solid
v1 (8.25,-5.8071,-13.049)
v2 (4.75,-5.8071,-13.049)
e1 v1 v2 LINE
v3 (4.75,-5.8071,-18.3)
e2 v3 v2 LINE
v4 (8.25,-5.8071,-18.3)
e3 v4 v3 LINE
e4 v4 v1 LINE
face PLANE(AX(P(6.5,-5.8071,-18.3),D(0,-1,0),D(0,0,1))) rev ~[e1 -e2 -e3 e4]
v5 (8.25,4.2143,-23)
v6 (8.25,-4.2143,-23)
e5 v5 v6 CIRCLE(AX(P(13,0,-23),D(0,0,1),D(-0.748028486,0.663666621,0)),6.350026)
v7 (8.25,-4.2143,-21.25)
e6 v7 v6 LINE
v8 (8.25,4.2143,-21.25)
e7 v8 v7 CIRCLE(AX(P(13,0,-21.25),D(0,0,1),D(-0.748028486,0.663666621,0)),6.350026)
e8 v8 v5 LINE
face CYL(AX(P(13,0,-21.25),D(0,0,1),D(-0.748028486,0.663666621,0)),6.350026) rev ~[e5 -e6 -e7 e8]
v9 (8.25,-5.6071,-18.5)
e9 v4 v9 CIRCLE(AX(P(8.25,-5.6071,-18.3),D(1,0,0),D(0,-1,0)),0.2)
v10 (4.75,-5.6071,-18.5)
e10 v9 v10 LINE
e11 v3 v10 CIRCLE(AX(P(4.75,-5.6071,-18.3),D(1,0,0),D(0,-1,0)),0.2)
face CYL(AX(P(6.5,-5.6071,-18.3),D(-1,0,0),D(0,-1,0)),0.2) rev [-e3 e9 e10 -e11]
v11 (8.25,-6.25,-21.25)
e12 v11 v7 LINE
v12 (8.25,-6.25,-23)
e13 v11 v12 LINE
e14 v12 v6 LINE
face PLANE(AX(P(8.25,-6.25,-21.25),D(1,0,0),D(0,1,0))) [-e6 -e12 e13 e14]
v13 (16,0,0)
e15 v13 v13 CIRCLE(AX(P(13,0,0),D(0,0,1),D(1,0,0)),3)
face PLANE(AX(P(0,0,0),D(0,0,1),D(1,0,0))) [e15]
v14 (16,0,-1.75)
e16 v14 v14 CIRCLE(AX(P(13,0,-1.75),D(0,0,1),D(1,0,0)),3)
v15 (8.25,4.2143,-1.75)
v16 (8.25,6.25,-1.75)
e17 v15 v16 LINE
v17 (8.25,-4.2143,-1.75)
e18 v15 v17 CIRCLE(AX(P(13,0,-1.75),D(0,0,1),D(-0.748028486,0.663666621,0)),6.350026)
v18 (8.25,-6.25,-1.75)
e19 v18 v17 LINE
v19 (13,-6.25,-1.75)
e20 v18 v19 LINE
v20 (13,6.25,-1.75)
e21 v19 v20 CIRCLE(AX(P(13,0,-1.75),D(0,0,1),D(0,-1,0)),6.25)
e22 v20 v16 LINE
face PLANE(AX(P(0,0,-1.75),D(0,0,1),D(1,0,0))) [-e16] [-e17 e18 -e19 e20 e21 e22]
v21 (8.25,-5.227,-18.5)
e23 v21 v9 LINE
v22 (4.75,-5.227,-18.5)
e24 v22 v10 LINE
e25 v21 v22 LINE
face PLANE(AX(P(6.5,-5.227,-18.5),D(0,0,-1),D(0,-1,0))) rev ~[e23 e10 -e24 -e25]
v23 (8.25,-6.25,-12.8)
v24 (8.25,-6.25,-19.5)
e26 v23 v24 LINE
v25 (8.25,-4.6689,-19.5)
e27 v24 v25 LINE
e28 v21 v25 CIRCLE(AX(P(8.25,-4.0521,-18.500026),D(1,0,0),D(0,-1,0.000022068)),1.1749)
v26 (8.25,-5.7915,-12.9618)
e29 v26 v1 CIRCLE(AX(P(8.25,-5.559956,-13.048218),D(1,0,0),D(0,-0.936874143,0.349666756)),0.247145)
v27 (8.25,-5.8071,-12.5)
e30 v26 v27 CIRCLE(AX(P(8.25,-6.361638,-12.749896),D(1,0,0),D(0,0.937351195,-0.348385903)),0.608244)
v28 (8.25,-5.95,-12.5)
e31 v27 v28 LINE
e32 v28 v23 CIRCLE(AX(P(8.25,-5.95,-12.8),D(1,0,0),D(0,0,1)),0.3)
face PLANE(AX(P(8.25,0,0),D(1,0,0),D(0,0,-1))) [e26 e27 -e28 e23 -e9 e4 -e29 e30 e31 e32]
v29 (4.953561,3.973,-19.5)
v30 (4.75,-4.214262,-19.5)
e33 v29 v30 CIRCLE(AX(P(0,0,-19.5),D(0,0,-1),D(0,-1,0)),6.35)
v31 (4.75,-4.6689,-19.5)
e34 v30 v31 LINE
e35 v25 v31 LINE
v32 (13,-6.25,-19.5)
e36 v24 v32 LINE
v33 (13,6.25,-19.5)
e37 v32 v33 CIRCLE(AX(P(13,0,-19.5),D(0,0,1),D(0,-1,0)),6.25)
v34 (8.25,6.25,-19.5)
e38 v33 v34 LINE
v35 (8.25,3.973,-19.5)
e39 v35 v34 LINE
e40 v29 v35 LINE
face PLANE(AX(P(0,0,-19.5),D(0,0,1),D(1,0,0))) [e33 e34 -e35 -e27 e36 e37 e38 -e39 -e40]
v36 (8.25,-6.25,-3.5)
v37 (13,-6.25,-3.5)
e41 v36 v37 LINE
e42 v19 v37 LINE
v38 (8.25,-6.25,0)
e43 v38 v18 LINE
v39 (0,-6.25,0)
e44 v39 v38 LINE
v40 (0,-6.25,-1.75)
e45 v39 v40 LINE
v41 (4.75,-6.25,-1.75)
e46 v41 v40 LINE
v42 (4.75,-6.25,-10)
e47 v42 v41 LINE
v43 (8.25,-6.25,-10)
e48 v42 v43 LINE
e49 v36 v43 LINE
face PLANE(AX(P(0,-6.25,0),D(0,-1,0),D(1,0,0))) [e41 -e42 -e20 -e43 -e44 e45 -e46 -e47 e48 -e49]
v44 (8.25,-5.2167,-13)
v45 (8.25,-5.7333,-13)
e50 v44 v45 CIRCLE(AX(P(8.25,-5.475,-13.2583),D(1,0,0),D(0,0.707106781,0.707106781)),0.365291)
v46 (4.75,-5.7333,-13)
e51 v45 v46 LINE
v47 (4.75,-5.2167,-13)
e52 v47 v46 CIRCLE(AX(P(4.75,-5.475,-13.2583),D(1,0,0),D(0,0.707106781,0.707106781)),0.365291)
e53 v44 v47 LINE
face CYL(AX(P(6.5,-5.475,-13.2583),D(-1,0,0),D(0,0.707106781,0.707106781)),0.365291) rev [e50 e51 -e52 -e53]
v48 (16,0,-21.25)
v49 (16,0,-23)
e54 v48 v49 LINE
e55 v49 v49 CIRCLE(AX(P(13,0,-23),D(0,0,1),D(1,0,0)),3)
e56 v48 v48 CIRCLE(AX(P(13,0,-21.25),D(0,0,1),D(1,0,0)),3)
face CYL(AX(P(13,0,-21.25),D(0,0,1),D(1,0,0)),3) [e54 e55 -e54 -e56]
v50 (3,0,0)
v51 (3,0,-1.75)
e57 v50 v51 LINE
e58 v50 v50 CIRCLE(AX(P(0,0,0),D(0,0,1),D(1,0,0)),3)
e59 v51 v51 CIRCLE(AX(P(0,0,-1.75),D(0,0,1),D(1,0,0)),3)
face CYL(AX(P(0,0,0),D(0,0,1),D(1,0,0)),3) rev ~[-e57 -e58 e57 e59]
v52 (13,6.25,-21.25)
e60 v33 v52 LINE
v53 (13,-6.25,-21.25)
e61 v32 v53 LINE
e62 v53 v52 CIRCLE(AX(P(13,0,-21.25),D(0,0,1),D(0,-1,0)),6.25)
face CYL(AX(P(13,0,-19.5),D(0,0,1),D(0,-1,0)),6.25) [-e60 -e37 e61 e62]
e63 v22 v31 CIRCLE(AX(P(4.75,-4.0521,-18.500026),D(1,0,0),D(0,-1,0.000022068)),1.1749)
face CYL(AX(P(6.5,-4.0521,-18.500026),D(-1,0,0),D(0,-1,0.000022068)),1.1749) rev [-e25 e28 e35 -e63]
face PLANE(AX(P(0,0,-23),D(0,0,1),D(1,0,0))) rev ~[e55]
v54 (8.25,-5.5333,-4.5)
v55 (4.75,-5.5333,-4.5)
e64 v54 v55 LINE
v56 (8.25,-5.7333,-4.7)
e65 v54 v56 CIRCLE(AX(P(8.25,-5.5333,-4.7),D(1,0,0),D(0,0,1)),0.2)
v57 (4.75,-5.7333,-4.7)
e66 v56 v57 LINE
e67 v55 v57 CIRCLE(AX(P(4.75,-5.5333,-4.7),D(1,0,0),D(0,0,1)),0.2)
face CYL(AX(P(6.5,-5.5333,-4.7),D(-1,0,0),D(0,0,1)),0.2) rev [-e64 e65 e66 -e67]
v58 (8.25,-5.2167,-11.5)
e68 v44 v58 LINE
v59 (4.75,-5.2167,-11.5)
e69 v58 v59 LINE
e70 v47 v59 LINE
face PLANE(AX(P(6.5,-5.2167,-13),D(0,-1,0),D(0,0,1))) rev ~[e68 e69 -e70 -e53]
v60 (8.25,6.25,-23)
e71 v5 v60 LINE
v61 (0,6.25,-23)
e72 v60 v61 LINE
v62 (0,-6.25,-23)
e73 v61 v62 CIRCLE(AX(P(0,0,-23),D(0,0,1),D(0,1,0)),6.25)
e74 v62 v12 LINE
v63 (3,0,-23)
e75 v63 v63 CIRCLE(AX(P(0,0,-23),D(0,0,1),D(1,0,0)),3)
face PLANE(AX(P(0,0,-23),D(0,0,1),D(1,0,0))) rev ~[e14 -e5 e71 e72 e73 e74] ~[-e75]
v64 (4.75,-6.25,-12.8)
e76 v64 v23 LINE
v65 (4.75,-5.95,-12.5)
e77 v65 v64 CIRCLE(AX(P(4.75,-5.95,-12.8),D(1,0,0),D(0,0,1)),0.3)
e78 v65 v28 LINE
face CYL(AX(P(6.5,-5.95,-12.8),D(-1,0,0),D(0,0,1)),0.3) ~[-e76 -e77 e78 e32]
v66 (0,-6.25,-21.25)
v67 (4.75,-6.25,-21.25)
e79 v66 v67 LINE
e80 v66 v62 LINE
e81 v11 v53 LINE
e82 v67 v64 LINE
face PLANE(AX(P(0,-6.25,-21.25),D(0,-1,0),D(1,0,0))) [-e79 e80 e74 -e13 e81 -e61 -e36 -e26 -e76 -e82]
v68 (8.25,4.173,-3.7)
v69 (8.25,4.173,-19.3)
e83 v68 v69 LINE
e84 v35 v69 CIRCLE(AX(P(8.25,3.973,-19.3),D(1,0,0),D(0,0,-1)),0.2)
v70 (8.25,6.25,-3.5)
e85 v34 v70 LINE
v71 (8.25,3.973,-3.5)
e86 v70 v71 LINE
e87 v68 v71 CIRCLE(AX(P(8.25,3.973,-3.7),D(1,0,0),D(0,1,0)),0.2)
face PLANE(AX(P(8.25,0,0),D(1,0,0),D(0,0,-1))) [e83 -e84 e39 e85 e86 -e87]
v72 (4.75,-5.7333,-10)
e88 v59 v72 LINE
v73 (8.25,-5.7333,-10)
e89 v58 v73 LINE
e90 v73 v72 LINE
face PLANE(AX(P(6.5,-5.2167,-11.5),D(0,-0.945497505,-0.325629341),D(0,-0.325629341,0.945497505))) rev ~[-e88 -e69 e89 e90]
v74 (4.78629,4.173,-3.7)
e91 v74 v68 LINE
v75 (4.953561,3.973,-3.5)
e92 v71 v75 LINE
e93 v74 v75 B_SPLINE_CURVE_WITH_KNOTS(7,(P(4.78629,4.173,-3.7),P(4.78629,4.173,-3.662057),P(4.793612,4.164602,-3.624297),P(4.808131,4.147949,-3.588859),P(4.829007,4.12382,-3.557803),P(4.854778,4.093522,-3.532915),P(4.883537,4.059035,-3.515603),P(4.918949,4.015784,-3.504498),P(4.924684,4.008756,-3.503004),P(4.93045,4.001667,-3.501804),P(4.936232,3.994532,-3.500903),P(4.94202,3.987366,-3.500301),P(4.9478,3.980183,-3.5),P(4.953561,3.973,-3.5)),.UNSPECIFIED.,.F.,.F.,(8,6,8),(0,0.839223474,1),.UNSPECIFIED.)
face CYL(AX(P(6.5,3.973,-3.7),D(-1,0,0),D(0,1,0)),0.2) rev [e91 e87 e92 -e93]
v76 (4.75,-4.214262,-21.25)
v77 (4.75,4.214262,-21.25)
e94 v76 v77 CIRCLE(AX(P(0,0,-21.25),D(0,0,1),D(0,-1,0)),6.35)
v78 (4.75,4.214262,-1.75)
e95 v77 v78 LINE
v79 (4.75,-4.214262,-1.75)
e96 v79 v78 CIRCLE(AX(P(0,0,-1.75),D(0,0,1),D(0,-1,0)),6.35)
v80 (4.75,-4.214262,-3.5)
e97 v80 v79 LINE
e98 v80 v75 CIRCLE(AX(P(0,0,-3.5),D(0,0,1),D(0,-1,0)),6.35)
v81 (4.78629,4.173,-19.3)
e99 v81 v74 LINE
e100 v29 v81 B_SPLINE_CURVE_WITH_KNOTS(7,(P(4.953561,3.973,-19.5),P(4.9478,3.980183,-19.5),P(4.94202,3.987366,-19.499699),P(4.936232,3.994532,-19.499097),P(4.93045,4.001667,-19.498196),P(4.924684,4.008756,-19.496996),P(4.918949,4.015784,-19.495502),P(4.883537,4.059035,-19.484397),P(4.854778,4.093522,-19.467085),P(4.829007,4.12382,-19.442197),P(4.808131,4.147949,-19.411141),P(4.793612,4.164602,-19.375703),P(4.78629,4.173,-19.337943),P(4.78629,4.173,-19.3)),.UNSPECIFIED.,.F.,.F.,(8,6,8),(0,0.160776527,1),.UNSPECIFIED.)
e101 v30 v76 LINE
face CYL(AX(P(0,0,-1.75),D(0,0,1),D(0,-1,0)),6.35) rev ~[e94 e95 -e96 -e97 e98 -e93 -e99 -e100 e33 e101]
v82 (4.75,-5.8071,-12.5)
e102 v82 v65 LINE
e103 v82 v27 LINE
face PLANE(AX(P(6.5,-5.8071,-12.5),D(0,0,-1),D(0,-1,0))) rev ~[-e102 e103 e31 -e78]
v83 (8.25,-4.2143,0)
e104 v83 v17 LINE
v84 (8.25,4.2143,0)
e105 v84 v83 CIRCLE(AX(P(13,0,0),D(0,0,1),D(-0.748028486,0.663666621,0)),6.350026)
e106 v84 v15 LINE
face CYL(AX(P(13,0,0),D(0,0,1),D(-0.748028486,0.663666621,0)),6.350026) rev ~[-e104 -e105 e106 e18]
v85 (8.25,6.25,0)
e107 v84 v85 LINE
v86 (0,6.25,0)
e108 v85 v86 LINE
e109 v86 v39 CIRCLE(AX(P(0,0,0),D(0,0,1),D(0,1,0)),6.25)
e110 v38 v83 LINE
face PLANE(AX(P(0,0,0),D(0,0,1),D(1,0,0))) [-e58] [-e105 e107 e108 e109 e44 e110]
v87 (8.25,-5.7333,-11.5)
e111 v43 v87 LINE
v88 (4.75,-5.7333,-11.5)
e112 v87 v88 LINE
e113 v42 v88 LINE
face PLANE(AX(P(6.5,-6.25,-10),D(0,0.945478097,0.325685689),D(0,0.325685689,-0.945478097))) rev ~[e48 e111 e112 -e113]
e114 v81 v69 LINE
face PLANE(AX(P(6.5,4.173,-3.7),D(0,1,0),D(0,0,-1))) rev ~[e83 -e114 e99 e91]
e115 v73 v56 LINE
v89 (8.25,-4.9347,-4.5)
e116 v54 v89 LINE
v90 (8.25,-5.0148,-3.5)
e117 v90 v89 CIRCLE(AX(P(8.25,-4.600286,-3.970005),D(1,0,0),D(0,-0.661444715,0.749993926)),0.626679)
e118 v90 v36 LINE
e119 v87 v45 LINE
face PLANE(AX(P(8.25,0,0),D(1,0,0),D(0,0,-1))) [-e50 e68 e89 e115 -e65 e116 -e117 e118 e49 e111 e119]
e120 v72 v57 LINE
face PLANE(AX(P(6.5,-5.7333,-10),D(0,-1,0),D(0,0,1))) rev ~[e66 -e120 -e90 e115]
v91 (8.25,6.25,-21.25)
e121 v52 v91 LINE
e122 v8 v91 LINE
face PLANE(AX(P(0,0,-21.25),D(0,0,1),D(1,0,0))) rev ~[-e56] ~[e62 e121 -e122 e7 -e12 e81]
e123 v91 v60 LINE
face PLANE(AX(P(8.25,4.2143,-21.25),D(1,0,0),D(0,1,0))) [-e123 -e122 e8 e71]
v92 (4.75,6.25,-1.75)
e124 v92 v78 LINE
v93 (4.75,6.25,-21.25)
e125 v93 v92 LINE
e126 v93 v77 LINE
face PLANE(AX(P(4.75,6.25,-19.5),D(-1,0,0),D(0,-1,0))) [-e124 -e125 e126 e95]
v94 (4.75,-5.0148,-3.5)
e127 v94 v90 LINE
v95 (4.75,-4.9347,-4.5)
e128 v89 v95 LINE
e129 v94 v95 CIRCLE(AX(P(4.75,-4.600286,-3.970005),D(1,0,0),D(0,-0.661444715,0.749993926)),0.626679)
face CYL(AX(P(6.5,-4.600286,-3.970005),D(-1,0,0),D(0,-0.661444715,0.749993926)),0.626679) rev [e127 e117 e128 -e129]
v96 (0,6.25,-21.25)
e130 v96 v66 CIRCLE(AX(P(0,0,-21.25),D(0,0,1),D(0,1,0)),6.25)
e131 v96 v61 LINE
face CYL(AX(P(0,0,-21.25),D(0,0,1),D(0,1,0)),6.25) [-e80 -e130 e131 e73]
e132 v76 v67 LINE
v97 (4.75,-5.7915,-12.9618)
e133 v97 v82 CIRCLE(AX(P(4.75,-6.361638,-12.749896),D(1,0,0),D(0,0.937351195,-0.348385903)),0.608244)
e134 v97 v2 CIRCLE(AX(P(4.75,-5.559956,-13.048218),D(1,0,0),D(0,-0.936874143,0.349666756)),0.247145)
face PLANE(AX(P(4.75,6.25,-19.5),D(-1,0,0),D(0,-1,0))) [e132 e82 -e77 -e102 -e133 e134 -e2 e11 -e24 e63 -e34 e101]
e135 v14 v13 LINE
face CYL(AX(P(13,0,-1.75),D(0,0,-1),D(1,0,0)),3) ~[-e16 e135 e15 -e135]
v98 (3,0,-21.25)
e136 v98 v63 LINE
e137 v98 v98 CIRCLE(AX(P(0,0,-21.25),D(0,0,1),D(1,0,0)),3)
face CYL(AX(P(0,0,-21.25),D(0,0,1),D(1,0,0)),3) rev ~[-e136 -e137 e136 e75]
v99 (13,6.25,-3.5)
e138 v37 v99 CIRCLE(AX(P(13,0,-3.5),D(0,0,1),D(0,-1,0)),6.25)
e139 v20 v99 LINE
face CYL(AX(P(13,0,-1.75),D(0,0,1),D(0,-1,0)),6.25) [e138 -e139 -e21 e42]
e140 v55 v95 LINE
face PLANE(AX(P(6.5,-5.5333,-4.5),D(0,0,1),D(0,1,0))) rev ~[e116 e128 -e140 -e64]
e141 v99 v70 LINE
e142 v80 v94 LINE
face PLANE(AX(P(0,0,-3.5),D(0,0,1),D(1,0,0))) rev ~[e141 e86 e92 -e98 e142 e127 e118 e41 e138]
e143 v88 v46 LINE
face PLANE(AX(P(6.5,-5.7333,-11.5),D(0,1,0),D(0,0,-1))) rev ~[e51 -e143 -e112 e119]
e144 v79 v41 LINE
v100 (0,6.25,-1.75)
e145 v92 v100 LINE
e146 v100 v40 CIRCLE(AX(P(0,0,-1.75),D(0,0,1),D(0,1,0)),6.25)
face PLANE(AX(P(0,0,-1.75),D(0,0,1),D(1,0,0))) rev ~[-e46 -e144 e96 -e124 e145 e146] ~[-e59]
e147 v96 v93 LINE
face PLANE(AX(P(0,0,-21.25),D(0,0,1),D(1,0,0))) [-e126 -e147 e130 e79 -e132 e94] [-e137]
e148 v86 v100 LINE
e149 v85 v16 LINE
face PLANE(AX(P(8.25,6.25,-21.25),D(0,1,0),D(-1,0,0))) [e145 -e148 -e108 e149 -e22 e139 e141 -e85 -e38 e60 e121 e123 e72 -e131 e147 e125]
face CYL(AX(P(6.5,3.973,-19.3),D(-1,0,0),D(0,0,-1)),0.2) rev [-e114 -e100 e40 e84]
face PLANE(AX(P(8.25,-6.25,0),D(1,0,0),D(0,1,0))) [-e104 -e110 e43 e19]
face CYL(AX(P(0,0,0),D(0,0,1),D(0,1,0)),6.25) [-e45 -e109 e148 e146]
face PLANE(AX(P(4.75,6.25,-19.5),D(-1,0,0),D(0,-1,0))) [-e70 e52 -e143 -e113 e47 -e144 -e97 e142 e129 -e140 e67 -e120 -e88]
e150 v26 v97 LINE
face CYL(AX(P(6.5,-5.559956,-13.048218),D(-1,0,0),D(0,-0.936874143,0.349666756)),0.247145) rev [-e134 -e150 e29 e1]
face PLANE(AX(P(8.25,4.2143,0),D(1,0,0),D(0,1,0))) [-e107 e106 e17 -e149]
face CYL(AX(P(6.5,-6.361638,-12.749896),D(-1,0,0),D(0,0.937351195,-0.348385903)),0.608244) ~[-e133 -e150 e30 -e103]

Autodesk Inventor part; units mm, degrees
sketch "Sketch_1" plane through (0, 0, 0) normal (0, 0, 1) x (1, 0, 0)
  arc A0 (0, 6.25) -> (0, -6.25) centre (0, 0) ccw
  line L0 (0, -6.25) -> (8.25, -6.25)
  line L1 (8.25, -6.25) -> (8.25, -4.2143)
  arc A1 (8.25, 4.2143) -> (8.25, -4.2143) centre (13, 0) ccw
  line L2 (8.25, 4.2143) -> (8.25, 6.25)
  line L3 (8.25, 6.25) -> (0, 6.25)
  circle A2 centre (0, 0) radius 3
extrude "Extrusion1" add sketch "Sketch_1" against normal blind 1.75
sketch "Sketch_3" plane through (0, 0, -1.75) normal (0, 0, 1) x (1, 0, 0)
  circle A0 centre (13, 0) radius 3
sketch "Sketch_6" plane through (0, 0, -21.25) normal (0, 0, 1) x (1, 0, 0)
  circle A0 centre (13, 0) radius 3
sketch "Sketch_7" plane through (0, 0, -21.25) normal (0, 0, 1) x (1, 0, 0)
  arc A0 (0, 6.25) -> (0, -6.25) centre (0, 0) ccw
  line L0 (0, -6.25) -> (8.25, -6.25)
  line L1 (8.25, -6.25) -> (8.25, -4.2143)
  arc A1 (8.25, 4.2143) -> (8.25, -4.2143) centre (13, 0) ccw
  line L2 (8.25, 4.2143) -> (8.25, 6.25)
  line L3 (8.25, 6.25) -> (0, 6.25)
  circle A2 centre (0, 0) radius 3
sketch "Sketch_4" plane through (0, 0, -19.5) normal (0, 0, 1) x (1, 0, 0)
  line L0 (4.75, 6.25) -> (4.75, -6.25)
  line L1 (4.75, -6.25) -> (13, -6.25)
  arc A0 (13, -6.25) -> (13, 6.25) centre (13, 0) ccw
  line L2 (13, 6.25) -> (4.75, 6.25)
sketch "Sketch_5" plane through (0, 0, -1.75) normal (0, 0, 1) x (1, 0, 0)
  line L0 (4.75, 6.25) -> (4.75, -6.25)
  line L1 (4.75, -6.25) -> (13, -6.25)
  arc A0 (13, -6.25) -> (13, 6.25) centre (13, 0) ccw
  line L2 (13, 6.25) -> (4.75, 6.25)
extrude "Extrusion2" add sketch "Sketch_5" against normal blind 1.75
extrude "Extrusion3" add sketch "Sketch_3" along normal blind 1.75
sketch "Sketch_9" plane through (6.5, 0, 0) normal (1, 0, 0) x (0, 0, -1)
  arc A0 (3.7, 4.173) -> (3.5, 3.973) centre (3.7, 3.973) ccw
  line L0 (3.7, 4.173) -> (19.3, 4.173)
  arc A1 (19.5, 3.973) -> (19.3, 4.173) centre (19.3, 3.973) ccw
  line L1 (19.5, 3.973) -> (19.5, 6.25)
  line L2 (19.5, 6.25) -> (3.5, 6.25)
  line L3 (3.5, 6.25) -> (3.5, 3.973)
extrude "Extrusion4" add sketch "Sketch_9" along normal mid plane 3.5
sketch "Sketch_11" plane through (6.5, 0, 0) normal (1, 0, 0) x (0, 0, -1)
  line L0 (3.5, -5.0148) -> (3.5, -6.25)
  line L1 (3.5, -6.25) -> (10, -6.25)
  line L2 (10, -6.25) -> (11.5, -5.7333)
  line L3 (11.5, -5.7333) -> (13, -5.7333)
  arc A0 (13, -5.2167) -> (13, -5.7333) centre (13.2583, -5.475) ccw
  line L4 (13, -5.2167) -> (11.5, -5.2167)
  line L5 (11.5, -5.2167) -> (10, -5.7333)
  line L6 (10, -5.7333) -> (4.7, -5.7333)
  arc A1 (4.5, -5.5333) -> (4.7, -5.7333) centre (4.7, -5.5333) ccw
  line L7 (4.5, -5.5333) -> (4.5, -4.9347)
  arc A2 (3.5, -5.0148) -> (4.5, -4.9347) centre (3.97, -4.6003) ccw
extrude "Extrusion5" add sketch "Sketch_11" along normal mid plane 3.5
sketch "Sketch_12" plane through (6.5, 0, 0) normal (1, 0, 0) x (0, 0, -1)
  line L0 (12.5, -5.8071) -> (12.5, -5.95)
  arc A0 (12.5, -5.95) -> (12.8, -6.25) centre (12.8, -5.95) ccw
  line L1 (12.8, -6.25) -> (19.5, -6.25)
  line L2 (19.5, -6.25) -> (19.5, -4.6689)
  arc A1 (18.5, -5.227) -> (19.5, -4.6689) centre (18.5, -4.052) ccw
  line L3 (18.5, -5.227) -> (18.5, -5.6071)
  arc A2 (18.3, -5.8071) -> (18.5, -5.6071) centre (18.3, -5.6071) ccw
  line L4 (18.3, -5.8071) -> (13.049, -5.8071)
  arc A3 (12.9618, -5.7915) -> (13.049, -5.8071) centre (13.049, -5.5571) ccw
  arc A4 (12.9618, -5.7915) -> (12.5, -5.8071) centre (12.75, -6.361) ccw
extrude "Extrusion6" add sketch "Sketch_4" against normal blind 1.75
extrude "Extrusion7" add sketch "Sketch_6" against normal blind 1.75
extrude "Extrusion8" add sketch "Sketch_7" against normal blind 1.75
extrude "Extrusion9" add sketch "Sketch_12" along normal mid plane 3.5
sketch "Sketch_19" plane through (0, 0, -1.75) normal (0, 0, 1) x (1, 0, 0)
  line L0 (-8.25, 6.35) -> (-8.25, -6.35)
  line L1 (-8.25, -6.35) -> (0, -6.35)
  arc A0 (0, -6.35) -> (0, 6.35) centre (0, 0) ccw
  line L2 (0, 6.35) -> (-8.25, 6.35)
extrude "Extrusion10" cut sketch "Sketch_19" against normal blind 9.75
sketch "Sketch_20" plane through (0, 0, -21.25) normal (0, 0, 1) x (1, 0, 0)
  line L0 (-8.25, 6.35) -> (-8.25, -6.35)
  line L1 (-8.25, -6.35) -> (0, -6.35)
  arc A0 (0, -6.35) -> (0, 6.35) centre (0, 0) ccw
  line L2 (0, 6.35) -> (-8.25, 6.35)
extrude "Extrusion11" cut sketch "Sketch_20" along normal blind 9.75
ref_plane "R1_XY" through (0, 0, 0) normal (0, 0, 1) x (1, 0, 0)
ref_plane "R1_YZ" through (0, 0, 0) normal (1, 0, 0) x (0, 1, 0)
ref_plane "R1_ZX" through (0, 0, 0) normal (0, 1, 0) x (0, 0, 1)
ref_plane "clip_to_dummy_XY" through (6.5, -18, -11.5) normal (0, 0, 1) x (1, 0, 0)
ref_plane "clip_to_dummy_YZ" through (6.5, -18, -11.5) normal (1, 0, 0) x (0, 1, 0)
ref_plane "clip_to_dummy_ZX" through (6.5, -18, -11.5) normal (0, 1, 0) x (0, 0, 1)
ref_plane "move_1_XY" through (13, 0, 0) normal (0, 0, 1) x (1, 0, 0)
ref_plane "move_1_YZ" through (13, 0, 0) normal (1, 0, 0) x (0, 1, 0)
ref_plane "move_1_ZX" through (13, 0, 0) normal (0, 1, 0) x (0, 0, 1)
ref_plane "move_2_XY" through (0, 0, 0) normal (0, 0, 1) x (1, 0, 0)
ref_plane "move_2_YZ" through (0, 0, 0) normal (1, 0, 0) x (0, 1, 0)
ref_plane "move_2_ZX" through (0, 0, 0) normal (0, 1, 0) x (0, 0, 1)
ref_plane "move_end_XY" through (13, 0, 0) normal (0, 0, 1) x (1, 0, 0)
ref_plane "move_end_YZ" through (13, 0, 0) normal (1, 0, 0) x (0, 1, 0)
ref_plane "move_end_ZX" through (13, 0, 0) normal (0, 1, 0) x (0, 0, 1)
properties part number "SZ045F-16-018-27c"
